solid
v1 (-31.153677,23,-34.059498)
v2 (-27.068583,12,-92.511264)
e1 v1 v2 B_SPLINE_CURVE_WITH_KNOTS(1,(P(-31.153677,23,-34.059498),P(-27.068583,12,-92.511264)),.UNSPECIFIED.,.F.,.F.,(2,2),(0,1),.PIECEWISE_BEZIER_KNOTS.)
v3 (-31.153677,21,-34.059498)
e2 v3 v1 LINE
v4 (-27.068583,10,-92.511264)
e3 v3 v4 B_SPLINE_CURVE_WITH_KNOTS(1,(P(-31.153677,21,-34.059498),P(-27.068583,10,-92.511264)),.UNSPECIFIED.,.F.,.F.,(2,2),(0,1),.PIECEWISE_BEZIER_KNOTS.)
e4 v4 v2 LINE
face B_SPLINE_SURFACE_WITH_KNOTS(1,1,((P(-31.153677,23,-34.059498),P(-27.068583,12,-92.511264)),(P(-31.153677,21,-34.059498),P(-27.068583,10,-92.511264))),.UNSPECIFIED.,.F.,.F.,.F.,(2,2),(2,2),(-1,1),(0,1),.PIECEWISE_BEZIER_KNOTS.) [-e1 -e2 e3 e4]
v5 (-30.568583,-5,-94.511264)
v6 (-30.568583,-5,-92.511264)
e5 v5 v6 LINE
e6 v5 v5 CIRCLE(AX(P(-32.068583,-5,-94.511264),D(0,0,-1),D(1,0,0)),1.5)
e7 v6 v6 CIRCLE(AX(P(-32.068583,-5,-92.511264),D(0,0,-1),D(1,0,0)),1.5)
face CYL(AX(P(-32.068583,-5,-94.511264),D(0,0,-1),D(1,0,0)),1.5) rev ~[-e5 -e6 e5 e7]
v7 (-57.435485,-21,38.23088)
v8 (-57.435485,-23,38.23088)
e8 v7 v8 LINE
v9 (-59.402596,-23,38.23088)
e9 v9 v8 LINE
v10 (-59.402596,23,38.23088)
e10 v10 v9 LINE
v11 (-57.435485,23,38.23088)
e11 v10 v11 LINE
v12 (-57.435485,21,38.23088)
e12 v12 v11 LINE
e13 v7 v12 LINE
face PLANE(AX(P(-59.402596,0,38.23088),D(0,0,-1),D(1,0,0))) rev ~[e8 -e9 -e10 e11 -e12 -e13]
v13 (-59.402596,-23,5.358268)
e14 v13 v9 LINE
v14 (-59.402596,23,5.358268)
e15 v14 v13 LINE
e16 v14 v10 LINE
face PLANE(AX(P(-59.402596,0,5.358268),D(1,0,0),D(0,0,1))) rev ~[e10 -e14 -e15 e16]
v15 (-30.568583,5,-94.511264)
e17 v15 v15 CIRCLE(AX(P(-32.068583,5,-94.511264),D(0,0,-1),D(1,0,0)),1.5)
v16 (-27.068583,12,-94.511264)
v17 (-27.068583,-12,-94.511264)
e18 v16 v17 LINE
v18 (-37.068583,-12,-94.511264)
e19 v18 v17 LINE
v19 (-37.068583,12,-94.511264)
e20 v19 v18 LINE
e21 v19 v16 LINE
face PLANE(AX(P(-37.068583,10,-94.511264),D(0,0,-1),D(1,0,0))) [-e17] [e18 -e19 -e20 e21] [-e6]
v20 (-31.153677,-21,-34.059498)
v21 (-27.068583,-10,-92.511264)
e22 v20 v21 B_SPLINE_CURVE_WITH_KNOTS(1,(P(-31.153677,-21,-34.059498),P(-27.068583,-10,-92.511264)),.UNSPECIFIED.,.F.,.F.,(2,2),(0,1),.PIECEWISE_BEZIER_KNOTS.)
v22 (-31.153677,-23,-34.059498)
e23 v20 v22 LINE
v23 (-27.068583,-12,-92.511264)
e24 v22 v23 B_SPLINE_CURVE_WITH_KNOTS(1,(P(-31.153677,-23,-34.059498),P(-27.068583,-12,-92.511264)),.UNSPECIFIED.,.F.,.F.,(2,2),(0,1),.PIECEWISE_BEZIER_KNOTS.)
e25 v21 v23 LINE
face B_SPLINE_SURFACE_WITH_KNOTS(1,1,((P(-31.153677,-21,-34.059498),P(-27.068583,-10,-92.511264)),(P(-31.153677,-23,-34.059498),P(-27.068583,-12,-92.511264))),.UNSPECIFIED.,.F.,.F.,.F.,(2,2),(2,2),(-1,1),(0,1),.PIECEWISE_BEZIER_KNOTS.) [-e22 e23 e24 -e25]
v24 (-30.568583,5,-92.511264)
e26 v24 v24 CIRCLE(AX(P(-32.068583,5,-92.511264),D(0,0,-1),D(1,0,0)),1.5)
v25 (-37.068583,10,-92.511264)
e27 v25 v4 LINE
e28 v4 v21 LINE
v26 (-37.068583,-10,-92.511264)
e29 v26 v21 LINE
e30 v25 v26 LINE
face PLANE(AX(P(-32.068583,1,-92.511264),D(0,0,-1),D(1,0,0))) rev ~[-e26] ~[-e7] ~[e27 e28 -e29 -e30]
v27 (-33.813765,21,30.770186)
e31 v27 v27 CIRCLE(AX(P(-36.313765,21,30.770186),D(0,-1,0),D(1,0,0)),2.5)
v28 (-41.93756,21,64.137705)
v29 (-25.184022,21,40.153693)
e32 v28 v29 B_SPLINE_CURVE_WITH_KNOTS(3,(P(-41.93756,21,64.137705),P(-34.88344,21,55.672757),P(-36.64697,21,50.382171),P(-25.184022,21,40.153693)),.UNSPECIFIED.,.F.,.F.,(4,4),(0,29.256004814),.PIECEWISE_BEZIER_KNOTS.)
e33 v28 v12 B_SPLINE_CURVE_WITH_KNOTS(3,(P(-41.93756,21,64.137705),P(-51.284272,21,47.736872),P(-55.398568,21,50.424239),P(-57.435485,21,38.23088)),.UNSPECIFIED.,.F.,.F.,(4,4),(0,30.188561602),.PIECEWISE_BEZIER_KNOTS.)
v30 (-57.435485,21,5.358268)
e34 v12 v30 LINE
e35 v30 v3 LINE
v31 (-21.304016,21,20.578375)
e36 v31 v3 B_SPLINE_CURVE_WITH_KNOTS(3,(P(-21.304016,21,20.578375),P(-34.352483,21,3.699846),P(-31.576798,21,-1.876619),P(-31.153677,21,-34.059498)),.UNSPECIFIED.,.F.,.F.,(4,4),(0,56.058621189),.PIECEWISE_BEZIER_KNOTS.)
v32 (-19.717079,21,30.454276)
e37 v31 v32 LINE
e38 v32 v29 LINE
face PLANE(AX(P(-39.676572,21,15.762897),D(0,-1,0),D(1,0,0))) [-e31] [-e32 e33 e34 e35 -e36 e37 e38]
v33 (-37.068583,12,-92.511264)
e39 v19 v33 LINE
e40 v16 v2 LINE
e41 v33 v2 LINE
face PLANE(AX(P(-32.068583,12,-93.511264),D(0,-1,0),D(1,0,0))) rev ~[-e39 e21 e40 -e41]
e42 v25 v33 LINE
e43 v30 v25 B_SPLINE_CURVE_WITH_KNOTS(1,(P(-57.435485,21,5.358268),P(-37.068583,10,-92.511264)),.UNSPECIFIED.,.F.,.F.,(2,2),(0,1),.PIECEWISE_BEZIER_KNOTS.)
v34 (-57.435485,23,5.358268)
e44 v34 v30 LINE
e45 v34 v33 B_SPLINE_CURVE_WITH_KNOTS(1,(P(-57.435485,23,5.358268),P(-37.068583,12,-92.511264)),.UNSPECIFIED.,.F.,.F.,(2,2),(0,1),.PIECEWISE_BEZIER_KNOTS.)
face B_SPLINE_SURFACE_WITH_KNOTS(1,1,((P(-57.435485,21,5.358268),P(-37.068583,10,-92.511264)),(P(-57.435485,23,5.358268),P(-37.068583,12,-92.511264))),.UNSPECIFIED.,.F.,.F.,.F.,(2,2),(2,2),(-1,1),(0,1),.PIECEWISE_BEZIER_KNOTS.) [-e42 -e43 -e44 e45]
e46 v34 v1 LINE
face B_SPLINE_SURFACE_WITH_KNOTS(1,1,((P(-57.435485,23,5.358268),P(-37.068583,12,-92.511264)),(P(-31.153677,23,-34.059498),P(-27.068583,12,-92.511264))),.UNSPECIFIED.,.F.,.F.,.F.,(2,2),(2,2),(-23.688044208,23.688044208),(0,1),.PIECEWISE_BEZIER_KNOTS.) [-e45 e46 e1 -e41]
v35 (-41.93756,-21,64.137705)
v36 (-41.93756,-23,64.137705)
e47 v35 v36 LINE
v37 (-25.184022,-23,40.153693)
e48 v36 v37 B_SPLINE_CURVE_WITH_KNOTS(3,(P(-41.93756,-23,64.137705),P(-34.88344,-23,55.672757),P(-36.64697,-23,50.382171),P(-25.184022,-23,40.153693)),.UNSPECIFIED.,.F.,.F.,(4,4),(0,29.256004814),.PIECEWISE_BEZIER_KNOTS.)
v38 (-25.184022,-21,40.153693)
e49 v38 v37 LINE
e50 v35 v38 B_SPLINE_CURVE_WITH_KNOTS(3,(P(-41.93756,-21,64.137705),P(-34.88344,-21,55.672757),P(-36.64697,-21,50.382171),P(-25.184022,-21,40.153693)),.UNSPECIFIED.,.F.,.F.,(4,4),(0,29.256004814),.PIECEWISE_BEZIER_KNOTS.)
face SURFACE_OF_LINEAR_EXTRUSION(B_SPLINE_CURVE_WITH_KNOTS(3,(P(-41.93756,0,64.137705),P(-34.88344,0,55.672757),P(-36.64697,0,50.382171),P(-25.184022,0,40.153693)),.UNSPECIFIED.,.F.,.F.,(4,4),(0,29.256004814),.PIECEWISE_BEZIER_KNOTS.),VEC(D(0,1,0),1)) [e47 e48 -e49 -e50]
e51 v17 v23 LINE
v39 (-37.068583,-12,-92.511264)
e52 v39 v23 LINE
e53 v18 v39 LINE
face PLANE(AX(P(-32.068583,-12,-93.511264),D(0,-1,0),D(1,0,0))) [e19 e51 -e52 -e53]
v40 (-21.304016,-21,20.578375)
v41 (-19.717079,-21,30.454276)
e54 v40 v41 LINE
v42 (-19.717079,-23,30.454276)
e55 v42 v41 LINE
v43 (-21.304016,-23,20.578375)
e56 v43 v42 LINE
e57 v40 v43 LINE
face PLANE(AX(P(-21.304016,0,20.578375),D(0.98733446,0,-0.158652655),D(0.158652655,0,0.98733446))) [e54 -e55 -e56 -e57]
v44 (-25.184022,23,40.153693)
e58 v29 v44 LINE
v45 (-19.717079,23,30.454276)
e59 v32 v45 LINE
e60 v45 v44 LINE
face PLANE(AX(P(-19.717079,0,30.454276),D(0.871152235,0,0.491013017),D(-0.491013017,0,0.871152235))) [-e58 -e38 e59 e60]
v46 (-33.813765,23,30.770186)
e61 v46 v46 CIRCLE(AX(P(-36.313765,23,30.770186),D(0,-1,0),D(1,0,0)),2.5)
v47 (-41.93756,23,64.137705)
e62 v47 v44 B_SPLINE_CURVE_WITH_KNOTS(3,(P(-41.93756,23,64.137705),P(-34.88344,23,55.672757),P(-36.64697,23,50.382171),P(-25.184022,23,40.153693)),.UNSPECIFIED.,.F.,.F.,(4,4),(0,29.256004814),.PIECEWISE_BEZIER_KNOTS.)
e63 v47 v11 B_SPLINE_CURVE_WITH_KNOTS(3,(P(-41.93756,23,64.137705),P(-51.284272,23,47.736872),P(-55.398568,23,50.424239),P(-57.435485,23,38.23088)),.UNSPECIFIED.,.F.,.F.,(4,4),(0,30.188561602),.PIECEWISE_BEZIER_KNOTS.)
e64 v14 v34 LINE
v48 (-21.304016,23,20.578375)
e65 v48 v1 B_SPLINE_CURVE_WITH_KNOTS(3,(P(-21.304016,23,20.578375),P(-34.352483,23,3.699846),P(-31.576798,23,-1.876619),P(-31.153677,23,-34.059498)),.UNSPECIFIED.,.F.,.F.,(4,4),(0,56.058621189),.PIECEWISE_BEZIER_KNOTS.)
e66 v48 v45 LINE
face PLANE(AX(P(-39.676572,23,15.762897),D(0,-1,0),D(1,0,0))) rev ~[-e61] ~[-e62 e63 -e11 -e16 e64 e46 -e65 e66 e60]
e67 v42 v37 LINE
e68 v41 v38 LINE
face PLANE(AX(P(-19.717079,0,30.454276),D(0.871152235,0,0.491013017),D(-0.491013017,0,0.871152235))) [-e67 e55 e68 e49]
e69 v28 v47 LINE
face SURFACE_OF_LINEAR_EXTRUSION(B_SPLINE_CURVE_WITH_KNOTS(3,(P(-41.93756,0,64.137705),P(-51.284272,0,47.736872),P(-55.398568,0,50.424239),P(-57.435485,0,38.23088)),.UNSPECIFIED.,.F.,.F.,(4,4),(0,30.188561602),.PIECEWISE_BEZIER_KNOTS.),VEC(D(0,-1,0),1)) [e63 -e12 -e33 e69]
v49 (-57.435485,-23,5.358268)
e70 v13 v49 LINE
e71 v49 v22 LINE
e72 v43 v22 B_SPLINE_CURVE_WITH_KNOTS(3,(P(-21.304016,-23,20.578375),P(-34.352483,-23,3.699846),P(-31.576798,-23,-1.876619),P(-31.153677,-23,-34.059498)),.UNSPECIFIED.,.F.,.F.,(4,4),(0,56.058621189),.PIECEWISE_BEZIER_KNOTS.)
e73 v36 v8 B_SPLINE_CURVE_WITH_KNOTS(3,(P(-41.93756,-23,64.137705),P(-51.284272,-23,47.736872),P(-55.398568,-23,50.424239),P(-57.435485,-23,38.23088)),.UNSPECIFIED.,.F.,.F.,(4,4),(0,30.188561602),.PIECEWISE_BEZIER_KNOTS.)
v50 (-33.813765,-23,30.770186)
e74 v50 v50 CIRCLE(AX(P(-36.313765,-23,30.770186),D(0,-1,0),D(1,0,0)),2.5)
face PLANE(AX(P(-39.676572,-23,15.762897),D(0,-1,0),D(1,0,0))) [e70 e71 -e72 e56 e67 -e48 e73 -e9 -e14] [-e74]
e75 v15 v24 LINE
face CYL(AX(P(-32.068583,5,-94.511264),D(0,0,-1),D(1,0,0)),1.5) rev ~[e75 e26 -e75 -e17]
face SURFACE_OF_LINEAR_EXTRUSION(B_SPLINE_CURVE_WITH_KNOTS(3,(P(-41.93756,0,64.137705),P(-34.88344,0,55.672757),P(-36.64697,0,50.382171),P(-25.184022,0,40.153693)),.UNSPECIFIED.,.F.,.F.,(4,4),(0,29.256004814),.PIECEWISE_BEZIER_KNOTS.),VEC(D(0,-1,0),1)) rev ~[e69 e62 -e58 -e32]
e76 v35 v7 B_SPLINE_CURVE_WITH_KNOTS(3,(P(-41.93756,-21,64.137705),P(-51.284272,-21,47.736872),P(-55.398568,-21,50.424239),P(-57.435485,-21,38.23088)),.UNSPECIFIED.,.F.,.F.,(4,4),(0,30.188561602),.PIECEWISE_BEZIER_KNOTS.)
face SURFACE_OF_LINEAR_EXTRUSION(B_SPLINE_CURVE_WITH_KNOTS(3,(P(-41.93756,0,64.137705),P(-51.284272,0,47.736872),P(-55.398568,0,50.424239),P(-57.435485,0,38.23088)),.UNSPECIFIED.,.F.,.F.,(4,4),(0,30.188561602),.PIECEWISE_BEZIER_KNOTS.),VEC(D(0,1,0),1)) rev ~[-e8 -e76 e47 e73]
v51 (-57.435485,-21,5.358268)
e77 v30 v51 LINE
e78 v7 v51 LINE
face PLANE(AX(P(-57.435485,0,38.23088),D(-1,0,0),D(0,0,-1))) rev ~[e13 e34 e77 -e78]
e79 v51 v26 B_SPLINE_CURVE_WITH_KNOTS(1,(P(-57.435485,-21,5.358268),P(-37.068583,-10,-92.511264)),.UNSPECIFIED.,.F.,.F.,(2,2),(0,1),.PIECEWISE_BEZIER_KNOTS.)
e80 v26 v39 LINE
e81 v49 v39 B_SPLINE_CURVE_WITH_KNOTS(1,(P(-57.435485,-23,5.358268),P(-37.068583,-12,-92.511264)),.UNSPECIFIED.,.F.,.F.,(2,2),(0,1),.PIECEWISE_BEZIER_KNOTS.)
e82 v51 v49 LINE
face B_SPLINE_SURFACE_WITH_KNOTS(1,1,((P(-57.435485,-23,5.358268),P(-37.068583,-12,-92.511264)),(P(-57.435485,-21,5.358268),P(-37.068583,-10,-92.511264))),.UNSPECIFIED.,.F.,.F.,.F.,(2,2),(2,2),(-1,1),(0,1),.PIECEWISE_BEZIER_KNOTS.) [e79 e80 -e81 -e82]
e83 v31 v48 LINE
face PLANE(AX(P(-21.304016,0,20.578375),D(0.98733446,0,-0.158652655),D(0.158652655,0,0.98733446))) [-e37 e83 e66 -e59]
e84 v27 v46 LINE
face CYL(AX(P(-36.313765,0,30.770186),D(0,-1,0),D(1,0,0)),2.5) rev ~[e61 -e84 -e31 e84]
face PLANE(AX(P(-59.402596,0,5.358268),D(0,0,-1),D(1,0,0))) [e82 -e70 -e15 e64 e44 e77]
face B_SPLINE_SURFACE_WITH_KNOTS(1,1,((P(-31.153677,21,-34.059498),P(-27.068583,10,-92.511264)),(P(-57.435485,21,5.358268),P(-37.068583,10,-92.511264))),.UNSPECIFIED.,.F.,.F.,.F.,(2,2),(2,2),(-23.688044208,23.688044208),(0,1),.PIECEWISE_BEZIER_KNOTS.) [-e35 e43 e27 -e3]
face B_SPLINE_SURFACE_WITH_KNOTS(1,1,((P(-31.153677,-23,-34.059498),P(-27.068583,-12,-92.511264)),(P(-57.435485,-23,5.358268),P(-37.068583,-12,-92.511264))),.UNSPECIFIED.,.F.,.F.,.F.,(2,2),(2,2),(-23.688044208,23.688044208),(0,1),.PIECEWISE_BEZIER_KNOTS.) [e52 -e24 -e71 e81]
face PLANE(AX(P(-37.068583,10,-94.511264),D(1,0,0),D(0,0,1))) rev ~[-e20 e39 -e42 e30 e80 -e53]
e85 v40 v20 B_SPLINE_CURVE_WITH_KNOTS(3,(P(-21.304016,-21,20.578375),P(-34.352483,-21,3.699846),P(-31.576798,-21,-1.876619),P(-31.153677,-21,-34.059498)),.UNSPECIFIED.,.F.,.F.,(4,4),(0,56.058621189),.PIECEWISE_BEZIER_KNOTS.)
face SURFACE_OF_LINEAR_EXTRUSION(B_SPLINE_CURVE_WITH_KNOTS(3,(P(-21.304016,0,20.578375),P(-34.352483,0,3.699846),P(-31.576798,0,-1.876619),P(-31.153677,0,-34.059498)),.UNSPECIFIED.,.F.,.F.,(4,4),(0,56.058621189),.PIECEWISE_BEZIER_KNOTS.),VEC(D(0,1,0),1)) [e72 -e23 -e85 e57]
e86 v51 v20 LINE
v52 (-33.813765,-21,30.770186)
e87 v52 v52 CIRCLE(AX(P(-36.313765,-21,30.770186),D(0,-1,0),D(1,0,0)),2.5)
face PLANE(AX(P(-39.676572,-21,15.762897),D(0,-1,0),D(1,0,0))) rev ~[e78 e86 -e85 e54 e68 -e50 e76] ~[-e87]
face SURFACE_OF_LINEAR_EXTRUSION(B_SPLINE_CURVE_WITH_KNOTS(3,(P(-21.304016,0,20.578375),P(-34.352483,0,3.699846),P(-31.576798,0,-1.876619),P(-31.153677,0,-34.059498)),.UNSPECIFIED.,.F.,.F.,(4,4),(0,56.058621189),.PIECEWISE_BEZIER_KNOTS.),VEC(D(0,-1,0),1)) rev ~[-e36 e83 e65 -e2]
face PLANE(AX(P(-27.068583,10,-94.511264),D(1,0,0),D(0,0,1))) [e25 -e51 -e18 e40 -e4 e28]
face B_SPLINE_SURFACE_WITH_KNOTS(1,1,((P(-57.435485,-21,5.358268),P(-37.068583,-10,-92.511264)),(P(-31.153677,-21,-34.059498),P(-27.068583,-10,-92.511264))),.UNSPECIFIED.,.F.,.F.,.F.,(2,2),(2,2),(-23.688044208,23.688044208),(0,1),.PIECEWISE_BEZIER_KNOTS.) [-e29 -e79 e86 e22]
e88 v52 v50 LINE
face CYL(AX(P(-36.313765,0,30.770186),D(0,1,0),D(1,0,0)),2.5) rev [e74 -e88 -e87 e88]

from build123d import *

# Parameters (mm, degrees)
F0_R      = 2.5
F0_W      = 1.9671103259
F0_H      = 32.8726123017
F1_DEPTH  = 23
F0_W_2    = 10
F0_H_2    = 2
F2_DEPTH  = 2
F3_DEPTH  = 21
F5_DEPTH  = 2
F3_FACE_W = 2
F3_FACE_H = 47.3760884154
F2_FACE_W = 10
F2_FACE_H = 2
F5_FACE_W = 10
F5_FACE_H = 2
F9_W      = 10
F9_H      = 22
F9_R      = 1.5
F10_DEPTH = 2


with BuildPart() as f1:
    # F0 (on Front) → F1 (new body, symmetric)
    with BuildSketch(Plane.XZ):
        with BuildLine():
            add(Edge.make_bspline(
                [(-41.9375598431, 64.1377046704), (-51.2842722237, 47.7368719876), (-55.3985677235, 50.4242394975), (-57.4354853918, 38.2308801777)],
                knots=[0, 0, 0, 0, 30.1885616022, 30.1885616022, 30.1885616022, 30.1885616022], degree=3))
            Line((-57.4354853918, 38.2308801777), (-57.4354853918, 5.358267876))
            Line((-57.4354853918, 5.358267876), (-31.1536770314, -34.0594984591))
            add(Edge.make_bspline(
                [(-21.304015945, 20.5783754124), (-34.3524827141, 3.69984575), (-31.5767975227, -1.8766191306), (-31.1536770314, -34.0594984591)],
                knots=[0, 0, 0, 0, 56.0586211891, 56.0586211891, 56.0586211891, 56.0586211891], degree=3))
            Line((-21.304015945, 20.5783754124), (-19.717078656, 30.4542761296))
            Line((-19.717078656, 30.4542761296), (-25.1840222627, 40.1536934078))
            add(Edge.make_bspline(
                [(-41.9375598431, 64.1377046704), (-34.8834395409, 55.6727573276), (-36.6469696164, 50.3821708262), (-25.1840222627, 40.1536934078)],
                knots=[0, 0, 0, 0, 29.2560048145, 29.2560048145, 29.2560048145, 29.2560048145], degree=3))
        make_face()
        with Locations((-36.313764751, 30.7701863348)):
            Circle(F0_R, mode=Mode.SUBTRACT)
        with Locations((-58.4190405548, 21.7945740269)):
            Rectangle(F0_W, F0_H)
    extrude(amount=F1_DEPTH, both=True)

    # F0 (on Front) → F3 (cut, symmetric)
    with BuildSketch(Plane.XZ):
        with BuildLine():
            add(Edge.make_bspline(
                [(-41.9375598431, 64.1377046704), (-51.2842722237, 47.7368719876), (-55.3985677235, 50.4242394975), (-57.4354853918, 38.2308801777)],
                knots=[0, 0, 0, 0, 30.1885616022, 30.1885616022, 30.1885616022, 30.1885616022], degree=3))
            Line((-57.4354853918, 38.2308801777), (-57.4354853918, 5.358267876))
            Line((-57.4354853918, 5.358267876), (-31.1536770314, -34.0594984591))
            add(Edge.make_bspline(
                [(-21.304015945, 20.5783754124), (-34.3524827141, 3.69984575), (-31.5767975227, -1.8766191306), (-31.1536770314, -34.0594984591)],
                knots=[0, 0, 0, 0, 56.0586211891, 56.0586211891, 56.0586211891, 56.0586211891], degree=3))
            Line((-21.304015945, 20.5783754124), (-19.717078656, 30.4542761296))
            Line((-19.717078656, 30.4542761296), (-25.1840222627, 40.1536934078))
            add(Edge.make_bspline(
                [(-41.9375598431, 64.1377046704), (-34.8834395409, 55.6727573276), (-36.6469696164, 50.3821708262), (-25.1840222627, 40.1536934078)],
                knots=[0, 0, 0, 0, 29.2560048145, 29.2560048145, 29.2560048145, 29.2560048145], degree=3))
        make_face()
        with Locations((-36.313764751, 30.7701863348)):
            Circle(F0_R, mode=Mode.SUBTRACT)
    extrude(amount=F3_DEPTH, both=True, mode=Mode.SUBTRACT)



with BuildPart() as f2:
    # F0 (on Front) → F2 (new body)
    with BuildSketch(Plane.XZ):
        with Locations((-32.0685834799, -93.5112637015)):
            Rectangle(F0_W_2, F0_H_2)
    extrude(amount=F2_DEPTH)


with BuildPart() as f2_1:
    # F4: moved
    add(f2.part.moved(Location((0, -10, 0))))


with BuildPart() as f5:
    # F0 (on Front) → F5 (new body)
    with BuildSketch(Plane.XZ):
        with Locations((-32.0685834799, -93.5112637015)):
            Rectangle(F0_W_2, F0_H_2)
    extrude(amount=-F5_DEPTH)


with BuildPart() as f5_1:
    # F6: moved
    add(f5.part.moved(Location((0, 10, 0))))


with BuildPart() as f1_1:
    add(f1.part)

    add(f2_1.part)  # F7 merges F2
    # F3_face (on face) → F7 section 0
    with BuildSketch(Plane(origin=(-44.2945812116, -22, -14.3506152915), x_dir=(0, -1, 0), z_dir=(-0.8320181689, 0, -0.5547483813))):
        Rectangle(F3_FACE_W, F3_FACE_H)
    # F2_face (on face) → F7 section 1
    with BuildSketch(Plane(origin=(-32.0685834799, -11, -92.5112637015), x_dir=(1, 0, 0), z_dir=(0, 0, 1))):
        Rectangle(F2_FACE_W, F2_FACE_H)
    loft()


    add(f5_1.part)  # F8 merges F5
    # F3_face (on face) → F8 section 0
    with BuildSketch(Plane(origin=(-44.2945812116, -22, -14.3506152915), x_dir=(0, -1, 0), z_dir=(-0.8320181689, 0, -0.5547483813))):
        with Locations((-44, 0)):
            Rectangle(F3_FACE_W, F3_FACE_H)
    # F5_face (on face) → F8 section 1
    with BuildSketch(Plane(origin=(-32.0685834799, 11, -92.5112637015), x_dir=(1, 0, 0), z_dir=(0, 0, 1))):
        Rectangle(F5_FACE_W, F5_FACE_H)
    loft()

    # F9 (on face) → F10 (join)
    with BuildSketch(Plane(origin=(0, 0, -94.5112637015), x_dir=(1, 0, 0), z_dir=(0, 0, -1))):
        with Locations((-32.0685834799, -1)):
            Rectangle(F9_W, F9_H)
        with Locations((-32.0685834799, -5)):
            Circle(F9_R, mode=Mode.SUBTRACT)
        with Locations((-32.0685834799, 5)):
            Circle(F9_R, mode=Mode.SUBTRACT)
    extrude(amount=-F10_DEPTH)


solid = f1_1.part
